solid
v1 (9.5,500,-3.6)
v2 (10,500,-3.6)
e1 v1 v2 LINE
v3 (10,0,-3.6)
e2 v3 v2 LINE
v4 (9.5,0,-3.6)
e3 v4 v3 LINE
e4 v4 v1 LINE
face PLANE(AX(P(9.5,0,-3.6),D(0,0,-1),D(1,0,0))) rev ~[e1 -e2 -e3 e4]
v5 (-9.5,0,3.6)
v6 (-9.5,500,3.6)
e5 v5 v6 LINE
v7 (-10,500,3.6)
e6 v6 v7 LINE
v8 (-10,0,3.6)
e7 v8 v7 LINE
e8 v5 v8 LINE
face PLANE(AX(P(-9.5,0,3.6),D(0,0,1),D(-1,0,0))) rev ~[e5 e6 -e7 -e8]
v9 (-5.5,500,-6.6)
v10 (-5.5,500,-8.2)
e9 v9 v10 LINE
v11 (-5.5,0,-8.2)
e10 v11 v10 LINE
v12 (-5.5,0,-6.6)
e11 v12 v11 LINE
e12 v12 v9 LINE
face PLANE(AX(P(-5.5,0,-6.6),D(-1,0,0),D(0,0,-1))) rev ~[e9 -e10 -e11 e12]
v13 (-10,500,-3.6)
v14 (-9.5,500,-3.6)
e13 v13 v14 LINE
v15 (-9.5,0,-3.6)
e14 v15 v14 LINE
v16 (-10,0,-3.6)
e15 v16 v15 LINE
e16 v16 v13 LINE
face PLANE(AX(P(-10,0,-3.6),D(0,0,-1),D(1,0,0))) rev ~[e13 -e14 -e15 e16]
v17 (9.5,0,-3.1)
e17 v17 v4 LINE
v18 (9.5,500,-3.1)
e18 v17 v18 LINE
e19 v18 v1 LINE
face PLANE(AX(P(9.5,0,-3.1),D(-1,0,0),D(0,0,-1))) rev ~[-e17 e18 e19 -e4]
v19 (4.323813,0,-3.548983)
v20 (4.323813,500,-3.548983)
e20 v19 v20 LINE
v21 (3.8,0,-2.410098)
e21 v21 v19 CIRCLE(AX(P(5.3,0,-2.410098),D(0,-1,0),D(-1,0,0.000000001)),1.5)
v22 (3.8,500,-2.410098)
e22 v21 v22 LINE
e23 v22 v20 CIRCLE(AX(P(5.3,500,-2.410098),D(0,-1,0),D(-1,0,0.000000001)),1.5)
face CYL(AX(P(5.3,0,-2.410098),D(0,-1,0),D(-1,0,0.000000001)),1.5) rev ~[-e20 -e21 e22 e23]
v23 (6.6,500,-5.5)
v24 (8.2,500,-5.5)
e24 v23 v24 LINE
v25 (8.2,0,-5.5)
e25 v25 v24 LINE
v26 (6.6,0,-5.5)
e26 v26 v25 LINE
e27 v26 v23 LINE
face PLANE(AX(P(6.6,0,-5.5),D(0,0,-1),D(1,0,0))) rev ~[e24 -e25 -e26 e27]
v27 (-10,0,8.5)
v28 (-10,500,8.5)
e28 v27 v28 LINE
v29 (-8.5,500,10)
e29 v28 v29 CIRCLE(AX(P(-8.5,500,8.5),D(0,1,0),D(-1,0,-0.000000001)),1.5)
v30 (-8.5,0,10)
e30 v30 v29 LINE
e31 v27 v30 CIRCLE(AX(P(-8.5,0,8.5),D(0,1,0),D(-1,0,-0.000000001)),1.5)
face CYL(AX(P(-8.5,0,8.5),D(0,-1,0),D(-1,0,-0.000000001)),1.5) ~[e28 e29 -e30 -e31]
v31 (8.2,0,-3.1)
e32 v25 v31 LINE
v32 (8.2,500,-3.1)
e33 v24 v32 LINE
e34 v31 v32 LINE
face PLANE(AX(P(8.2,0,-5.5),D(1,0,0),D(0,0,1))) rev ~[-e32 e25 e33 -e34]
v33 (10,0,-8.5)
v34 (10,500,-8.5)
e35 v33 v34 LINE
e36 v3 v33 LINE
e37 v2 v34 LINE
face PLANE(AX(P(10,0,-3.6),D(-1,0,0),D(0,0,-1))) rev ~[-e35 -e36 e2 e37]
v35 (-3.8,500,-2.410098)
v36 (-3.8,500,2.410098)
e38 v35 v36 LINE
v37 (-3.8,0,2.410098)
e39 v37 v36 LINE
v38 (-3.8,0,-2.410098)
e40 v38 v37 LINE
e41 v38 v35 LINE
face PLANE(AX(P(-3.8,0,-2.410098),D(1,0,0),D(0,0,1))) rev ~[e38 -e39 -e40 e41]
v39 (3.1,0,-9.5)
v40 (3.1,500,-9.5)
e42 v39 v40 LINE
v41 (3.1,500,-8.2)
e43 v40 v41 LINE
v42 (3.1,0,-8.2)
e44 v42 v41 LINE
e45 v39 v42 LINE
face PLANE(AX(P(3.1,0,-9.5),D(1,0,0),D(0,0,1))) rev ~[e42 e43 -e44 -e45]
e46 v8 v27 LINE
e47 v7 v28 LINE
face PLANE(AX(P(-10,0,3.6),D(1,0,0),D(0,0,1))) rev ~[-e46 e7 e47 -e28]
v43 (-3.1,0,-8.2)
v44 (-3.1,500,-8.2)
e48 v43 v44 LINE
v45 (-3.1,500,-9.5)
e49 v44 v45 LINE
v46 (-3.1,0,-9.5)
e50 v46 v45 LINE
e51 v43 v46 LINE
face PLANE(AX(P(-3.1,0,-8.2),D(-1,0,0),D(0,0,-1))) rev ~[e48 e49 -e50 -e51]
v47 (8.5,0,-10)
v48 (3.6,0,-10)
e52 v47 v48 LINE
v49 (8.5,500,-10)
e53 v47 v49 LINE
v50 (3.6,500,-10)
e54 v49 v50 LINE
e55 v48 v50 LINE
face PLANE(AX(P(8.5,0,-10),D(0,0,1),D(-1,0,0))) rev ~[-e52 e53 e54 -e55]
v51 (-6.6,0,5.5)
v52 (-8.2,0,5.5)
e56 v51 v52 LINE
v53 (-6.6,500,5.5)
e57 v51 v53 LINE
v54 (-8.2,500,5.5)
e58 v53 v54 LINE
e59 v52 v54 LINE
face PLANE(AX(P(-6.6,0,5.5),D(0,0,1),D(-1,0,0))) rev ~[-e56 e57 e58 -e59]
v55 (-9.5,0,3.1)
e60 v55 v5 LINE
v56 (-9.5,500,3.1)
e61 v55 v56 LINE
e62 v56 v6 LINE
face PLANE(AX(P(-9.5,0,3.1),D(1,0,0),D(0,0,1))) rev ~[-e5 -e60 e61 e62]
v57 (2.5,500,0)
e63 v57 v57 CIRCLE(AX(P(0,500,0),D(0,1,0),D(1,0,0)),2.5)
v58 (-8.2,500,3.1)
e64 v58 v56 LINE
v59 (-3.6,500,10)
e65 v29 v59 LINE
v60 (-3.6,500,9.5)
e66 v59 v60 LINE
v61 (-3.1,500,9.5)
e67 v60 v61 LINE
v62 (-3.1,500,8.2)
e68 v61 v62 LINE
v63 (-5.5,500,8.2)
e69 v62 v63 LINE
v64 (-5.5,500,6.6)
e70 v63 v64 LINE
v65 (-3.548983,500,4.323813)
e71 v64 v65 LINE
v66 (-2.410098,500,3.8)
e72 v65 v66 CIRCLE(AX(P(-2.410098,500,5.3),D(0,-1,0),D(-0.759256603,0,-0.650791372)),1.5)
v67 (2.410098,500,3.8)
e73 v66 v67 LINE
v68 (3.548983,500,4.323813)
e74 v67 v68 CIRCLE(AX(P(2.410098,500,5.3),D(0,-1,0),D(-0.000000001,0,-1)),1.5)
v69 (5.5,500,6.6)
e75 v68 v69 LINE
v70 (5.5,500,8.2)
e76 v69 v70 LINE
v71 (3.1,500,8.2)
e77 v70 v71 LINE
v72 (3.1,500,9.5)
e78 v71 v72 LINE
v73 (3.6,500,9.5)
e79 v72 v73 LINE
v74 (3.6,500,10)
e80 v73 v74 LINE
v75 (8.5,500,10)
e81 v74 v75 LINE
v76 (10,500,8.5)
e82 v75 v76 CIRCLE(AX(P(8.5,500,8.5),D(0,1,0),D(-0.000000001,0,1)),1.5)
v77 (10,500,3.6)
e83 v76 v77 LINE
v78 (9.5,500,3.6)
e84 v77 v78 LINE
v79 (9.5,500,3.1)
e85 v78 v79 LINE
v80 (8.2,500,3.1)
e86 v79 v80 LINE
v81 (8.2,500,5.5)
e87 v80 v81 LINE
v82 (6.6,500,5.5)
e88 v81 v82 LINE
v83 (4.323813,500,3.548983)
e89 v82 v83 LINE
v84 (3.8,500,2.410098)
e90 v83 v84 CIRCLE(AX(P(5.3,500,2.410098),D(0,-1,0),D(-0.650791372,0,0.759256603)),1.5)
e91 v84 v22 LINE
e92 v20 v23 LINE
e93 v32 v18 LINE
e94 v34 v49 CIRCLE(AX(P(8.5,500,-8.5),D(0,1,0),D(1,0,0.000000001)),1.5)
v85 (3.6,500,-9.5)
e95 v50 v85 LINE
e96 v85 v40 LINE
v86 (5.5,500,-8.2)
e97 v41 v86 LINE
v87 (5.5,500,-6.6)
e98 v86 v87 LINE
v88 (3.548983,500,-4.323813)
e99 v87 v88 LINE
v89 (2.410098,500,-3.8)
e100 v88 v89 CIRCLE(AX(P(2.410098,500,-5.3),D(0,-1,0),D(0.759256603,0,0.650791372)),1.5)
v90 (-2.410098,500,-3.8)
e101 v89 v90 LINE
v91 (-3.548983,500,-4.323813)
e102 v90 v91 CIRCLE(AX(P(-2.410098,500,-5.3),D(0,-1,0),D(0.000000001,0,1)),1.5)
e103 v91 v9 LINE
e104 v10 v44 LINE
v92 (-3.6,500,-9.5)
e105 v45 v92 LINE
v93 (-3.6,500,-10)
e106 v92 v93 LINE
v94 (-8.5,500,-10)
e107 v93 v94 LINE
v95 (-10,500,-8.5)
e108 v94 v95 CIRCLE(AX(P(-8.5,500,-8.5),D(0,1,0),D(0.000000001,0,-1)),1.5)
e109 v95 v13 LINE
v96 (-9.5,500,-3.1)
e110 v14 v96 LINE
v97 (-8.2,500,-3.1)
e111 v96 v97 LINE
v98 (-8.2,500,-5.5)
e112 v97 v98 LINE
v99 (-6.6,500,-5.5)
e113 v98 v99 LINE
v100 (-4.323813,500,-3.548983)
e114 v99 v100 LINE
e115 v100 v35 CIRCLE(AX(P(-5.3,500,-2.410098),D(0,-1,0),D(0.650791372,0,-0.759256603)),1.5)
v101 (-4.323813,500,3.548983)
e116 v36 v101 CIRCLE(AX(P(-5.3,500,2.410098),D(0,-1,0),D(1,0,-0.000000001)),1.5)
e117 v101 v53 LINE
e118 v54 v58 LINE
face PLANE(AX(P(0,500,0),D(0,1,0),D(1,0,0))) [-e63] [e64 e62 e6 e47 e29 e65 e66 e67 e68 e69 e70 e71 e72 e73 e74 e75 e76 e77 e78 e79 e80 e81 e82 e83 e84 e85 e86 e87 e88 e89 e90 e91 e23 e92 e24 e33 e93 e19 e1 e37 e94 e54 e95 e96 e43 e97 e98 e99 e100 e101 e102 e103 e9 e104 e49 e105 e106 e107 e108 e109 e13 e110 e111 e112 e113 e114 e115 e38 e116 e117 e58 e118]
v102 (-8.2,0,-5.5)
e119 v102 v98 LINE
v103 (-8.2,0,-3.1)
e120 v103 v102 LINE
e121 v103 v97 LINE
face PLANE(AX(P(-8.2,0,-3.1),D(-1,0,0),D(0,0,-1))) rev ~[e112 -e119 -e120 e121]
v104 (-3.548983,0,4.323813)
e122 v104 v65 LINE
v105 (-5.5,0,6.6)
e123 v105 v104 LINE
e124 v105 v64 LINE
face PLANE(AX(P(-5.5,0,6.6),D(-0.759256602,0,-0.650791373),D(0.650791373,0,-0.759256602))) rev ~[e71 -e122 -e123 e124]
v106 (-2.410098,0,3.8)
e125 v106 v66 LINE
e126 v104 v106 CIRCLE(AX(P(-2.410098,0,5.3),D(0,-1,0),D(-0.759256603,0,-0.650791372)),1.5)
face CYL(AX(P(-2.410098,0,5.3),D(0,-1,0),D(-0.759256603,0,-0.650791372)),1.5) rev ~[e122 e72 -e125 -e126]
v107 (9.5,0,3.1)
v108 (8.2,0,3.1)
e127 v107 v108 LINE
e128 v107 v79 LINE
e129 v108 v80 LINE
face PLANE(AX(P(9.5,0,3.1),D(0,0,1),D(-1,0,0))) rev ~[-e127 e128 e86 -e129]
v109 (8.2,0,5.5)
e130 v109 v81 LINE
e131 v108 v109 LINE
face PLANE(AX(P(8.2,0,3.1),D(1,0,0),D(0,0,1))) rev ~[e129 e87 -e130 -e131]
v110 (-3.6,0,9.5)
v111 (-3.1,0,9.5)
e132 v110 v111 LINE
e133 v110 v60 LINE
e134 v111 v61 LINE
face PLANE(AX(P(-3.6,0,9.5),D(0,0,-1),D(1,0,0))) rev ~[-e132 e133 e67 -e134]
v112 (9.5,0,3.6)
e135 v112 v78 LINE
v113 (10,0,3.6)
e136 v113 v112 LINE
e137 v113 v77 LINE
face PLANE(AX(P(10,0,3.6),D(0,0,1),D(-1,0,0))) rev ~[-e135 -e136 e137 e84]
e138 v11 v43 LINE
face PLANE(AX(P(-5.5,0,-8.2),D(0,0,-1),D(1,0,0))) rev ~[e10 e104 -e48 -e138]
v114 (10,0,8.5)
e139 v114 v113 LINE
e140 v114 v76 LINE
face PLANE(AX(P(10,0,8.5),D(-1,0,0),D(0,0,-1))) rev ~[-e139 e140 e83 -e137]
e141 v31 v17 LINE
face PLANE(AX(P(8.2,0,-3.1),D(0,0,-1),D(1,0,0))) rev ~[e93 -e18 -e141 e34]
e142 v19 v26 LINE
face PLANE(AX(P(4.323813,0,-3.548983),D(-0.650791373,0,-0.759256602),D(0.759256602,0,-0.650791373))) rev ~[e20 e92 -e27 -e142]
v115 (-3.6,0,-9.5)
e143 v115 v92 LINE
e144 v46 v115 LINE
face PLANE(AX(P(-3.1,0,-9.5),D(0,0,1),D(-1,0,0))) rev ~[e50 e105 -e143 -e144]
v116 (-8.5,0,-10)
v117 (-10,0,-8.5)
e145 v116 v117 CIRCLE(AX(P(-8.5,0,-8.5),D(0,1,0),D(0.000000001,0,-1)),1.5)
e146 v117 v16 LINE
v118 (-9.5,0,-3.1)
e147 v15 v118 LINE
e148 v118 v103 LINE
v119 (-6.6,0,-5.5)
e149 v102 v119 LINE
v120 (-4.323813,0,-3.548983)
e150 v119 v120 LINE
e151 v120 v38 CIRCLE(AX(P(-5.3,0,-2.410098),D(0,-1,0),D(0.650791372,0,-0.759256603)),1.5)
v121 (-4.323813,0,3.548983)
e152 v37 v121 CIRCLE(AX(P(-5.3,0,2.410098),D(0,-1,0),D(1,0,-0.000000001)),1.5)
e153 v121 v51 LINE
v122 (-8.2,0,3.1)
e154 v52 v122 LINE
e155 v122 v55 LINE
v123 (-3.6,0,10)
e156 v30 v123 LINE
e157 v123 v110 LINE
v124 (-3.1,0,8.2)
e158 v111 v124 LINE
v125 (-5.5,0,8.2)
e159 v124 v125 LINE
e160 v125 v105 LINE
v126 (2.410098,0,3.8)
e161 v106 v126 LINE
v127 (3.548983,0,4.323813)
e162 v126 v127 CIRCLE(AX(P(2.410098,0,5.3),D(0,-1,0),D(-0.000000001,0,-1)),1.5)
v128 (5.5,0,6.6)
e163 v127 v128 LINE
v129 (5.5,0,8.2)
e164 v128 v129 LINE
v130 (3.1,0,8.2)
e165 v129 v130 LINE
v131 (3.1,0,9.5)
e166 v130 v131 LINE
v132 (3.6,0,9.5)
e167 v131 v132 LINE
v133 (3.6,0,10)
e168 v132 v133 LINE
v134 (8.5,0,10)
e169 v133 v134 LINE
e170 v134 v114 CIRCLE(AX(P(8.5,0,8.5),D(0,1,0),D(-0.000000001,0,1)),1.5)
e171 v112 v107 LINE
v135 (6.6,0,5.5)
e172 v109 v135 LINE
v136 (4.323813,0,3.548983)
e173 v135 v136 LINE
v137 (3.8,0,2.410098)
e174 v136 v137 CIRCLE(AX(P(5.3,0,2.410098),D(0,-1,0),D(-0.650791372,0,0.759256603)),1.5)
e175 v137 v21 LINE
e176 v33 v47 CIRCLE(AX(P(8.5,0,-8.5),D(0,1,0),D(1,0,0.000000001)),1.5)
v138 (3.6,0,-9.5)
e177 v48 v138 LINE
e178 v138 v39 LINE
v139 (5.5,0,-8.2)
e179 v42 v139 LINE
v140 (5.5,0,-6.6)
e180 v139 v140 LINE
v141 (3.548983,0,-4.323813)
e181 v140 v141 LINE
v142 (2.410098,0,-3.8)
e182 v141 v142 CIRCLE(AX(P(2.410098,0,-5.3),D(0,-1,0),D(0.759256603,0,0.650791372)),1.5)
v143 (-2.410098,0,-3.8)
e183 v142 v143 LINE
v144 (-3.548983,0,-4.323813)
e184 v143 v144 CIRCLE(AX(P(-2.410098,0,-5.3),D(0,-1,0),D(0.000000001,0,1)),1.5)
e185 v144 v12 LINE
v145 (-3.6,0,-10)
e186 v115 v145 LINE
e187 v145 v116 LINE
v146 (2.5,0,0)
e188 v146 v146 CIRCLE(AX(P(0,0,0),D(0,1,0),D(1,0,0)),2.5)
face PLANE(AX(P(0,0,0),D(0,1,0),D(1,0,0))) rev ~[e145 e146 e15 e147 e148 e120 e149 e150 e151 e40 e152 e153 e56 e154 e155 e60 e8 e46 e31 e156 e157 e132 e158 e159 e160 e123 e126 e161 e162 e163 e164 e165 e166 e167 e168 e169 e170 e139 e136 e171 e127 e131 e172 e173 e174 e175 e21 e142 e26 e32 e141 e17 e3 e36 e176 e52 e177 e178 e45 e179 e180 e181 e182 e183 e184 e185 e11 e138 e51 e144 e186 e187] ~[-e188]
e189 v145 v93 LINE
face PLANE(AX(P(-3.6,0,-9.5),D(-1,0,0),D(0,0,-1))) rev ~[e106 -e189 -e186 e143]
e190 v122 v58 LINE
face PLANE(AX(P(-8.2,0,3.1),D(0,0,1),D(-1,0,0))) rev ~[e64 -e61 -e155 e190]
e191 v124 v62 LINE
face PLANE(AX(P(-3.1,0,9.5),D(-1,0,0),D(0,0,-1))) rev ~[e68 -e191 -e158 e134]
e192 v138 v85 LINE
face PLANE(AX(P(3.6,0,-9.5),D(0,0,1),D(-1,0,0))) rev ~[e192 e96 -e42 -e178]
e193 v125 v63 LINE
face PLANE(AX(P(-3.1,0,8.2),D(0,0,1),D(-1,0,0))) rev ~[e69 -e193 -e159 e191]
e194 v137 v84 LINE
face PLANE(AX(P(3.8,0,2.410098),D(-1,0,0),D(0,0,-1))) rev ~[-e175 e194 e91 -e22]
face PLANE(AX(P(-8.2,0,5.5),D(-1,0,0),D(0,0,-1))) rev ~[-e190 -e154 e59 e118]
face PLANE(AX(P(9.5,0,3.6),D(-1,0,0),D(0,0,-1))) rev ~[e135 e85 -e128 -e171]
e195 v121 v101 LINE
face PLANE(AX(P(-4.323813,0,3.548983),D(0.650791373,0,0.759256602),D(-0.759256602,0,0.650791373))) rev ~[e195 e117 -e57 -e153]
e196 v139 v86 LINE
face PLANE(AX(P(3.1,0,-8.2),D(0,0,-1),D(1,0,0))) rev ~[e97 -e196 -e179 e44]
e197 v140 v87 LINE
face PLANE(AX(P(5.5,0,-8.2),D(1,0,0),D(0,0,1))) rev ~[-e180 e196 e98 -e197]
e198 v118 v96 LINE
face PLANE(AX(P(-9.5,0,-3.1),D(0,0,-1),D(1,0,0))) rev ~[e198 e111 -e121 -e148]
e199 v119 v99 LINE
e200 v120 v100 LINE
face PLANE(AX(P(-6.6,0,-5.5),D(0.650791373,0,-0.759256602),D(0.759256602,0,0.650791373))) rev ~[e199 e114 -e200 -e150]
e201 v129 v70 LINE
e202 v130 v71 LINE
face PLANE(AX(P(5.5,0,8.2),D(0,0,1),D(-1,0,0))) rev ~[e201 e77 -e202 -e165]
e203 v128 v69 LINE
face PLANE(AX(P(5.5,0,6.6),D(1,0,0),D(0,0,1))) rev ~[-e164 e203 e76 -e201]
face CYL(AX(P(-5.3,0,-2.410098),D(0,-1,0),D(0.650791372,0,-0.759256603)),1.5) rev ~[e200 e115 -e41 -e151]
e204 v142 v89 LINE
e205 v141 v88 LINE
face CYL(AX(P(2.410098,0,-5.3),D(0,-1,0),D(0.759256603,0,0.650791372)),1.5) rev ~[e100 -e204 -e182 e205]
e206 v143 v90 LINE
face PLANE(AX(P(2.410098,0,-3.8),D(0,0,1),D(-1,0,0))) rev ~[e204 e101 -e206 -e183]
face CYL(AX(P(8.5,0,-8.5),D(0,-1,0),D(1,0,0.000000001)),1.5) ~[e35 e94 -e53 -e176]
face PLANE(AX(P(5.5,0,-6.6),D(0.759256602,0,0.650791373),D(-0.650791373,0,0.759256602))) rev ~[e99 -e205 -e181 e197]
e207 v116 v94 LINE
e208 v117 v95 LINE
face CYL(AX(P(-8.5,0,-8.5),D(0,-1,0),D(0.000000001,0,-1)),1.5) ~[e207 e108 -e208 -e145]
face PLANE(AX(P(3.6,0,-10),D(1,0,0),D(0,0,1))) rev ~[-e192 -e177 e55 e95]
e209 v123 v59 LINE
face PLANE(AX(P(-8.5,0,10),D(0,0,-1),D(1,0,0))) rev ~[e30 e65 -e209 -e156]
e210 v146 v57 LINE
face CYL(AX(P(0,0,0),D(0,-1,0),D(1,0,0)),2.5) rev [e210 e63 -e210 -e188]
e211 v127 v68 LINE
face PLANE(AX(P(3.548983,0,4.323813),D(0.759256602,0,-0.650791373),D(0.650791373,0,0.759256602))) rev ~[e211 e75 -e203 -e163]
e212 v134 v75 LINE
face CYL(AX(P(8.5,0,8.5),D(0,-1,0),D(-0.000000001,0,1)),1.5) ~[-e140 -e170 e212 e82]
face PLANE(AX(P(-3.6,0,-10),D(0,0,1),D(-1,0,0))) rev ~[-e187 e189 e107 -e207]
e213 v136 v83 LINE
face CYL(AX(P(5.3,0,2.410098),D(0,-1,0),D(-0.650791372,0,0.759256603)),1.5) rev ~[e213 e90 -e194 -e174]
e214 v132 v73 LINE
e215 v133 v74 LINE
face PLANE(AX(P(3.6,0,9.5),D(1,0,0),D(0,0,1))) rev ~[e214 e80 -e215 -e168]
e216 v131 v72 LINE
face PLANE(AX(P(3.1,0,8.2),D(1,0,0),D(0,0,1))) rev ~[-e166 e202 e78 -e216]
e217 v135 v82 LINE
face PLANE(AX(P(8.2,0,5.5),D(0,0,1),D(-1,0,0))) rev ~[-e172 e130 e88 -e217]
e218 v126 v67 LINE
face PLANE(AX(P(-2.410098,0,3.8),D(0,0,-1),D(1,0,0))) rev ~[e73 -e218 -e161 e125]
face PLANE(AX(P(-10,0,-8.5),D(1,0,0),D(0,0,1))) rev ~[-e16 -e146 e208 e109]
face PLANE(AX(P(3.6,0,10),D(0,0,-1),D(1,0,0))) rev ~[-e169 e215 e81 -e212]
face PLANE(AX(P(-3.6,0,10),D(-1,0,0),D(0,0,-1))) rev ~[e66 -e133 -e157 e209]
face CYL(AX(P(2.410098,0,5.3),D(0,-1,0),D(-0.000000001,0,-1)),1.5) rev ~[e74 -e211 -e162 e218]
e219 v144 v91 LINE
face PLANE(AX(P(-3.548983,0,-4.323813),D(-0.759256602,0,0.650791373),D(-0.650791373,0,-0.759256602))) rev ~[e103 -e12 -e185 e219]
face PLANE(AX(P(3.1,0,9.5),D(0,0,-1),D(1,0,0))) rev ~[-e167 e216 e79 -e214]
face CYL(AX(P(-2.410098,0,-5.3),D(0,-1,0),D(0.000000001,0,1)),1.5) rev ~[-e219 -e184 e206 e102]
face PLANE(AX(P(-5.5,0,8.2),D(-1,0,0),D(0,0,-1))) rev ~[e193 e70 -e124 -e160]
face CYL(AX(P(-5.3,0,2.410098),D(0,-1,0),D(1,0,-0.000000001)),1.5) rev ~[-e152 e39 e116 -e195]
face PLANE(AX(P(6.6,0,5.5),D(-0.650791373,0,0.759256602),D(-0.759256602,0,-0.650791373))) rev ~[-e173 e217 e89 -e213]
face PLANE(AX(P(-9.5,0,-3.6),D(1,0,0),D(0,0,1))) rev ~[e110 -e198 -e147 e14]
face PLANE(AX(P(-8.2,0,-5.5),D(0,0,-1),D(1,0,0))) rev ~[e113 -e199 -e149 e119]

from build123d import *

# Parameters (mm, degrees)
SKETCH1_R           = 2.5
BOSS_EXTRUDE1_DEPTH = 500


with BuildPart() as part:
    # Sketch1 → Boss-Extrude1 (new body)
    with BuildSketch(Plane(origin=(0, 0, 0), x_dir=(1, 0, 0), z_dir=(0, 1, 0))):
        with BuildLine():
            ThreePointArc((-10, -8.5), (-9.560660172, -9.560660172), (-8.5, -10))
            Line((-8.5, -10), (-3.6, -10))
            Line((-3.6, -10), (-3.6, -9.5))
            Line((-3.6, -9.5), (-3.1, -9.5))
            Line((-3.1, -9.5), (-3.1, -8.2))
            Line((-3.1, -8.2), (-5.5, -8.2))
            Line((-5.5, -8.2), (-5.5, -6.6))
            Line((-5.5, -6.6), (-3.54898252, -4.32381294))
            ThreePointArc((-3.54898252, -4.32381294), (-3.036882831, -3.937230652), (-2.410097616, -3.8))
            Line((-2.410097616, -3.8), (2.410097616, -3.8))
            ThreePointArc((2.410097616, -3.8), (3.036882831, -3.937230652), (3.54898252, -4.32381294))
            Line((3.54898252, -4.32381294), (5.5, -6.6))
            Line((5.5, -6.6), (5.5, -8.2))
            Line((5.5, -8.2), (3.1, -8.2))
            Line((3.1, -8.2), (3.1, -9.5))
            Line((3.1, -9.5), (3.6, -9.5))
            Line((3.6, -9.5), (3.6, -10))
            Line((3.6, -10), (8.5, -10))
            ThreePointArc((8.5, -10), (9.560660172, -9.560660172), (10, -8.5))
            Line((10, -8.5), (10, -3.6))
            Line((10, -3.6), (9.5, -3.6))
            Line((9.5, -3.6), (9.5, -3.1))
            Line((9.5, -3.1), (8.2, -3.1))
            Line((8.2, -3.1), (8.2, -5.5))
            Line((8.2, -5.5), (6.6, -5.5))
            Line((6.6, -5.5), (4.32381294, -3.54898252))
            ThreePointArc((4.32381294, -3.54898252), (3.937230652, -3.036882831), (3.8, -2.410097616))
            Line((3.8, -2.410097616), (3.8, 2.410097616))
            ThreePointArc((3.8, 2.410097616), (3.937230652, 3.036882831), (4.32381294, 3.54898252))
            Line((4.32381294, 3.54898252), (6.6, 5.5))
            Line((6.6, 5.5), (8.2, 5.5))
            Line((8.2, 5.5), (8.2, 3.1))
            Line((8.2, 3.1), (9.5, 3.1))
            Line((9.5, 3.1), (9.5, 3.6))
            Line((9.5, 3.6), (10, 3.6))
            Line((10, 3.6), (10, 8.5))
            ThreePointArc((10, 8.5), (9.560660172, 9.560660172), (8.5, 10))
            Line((8.5, 10), (3.6, 10))
            Line((3.6, 10), (3.6, 9.5))
            Line((3.6, 9.5), (3.1, 9.5))
            Line((3.1, 9.5), (3.1, 8.2))
            Line((3.1, 8.2), (5.5, 8.2))
            Line((5.5, 8.2), (5.5, 6.6))
            Line((5.5, 6.6), (3.54898252, 4.32381294))
            ThreePointArc((3.54898252, 4.32381294), (3.036882831, 3.937230652), (2.410097616, 3.8))
            Line((2.410097616, 3.8), (-2.410097616, 3.8))
            ThreePointArc((-2.410097616, 3.8), (-3.036882831, 3.937230652), (-3.54898252, 4.32381294))
            Line((-3.54898252, 4.32381294), (-5.5, 6.6))
            Line((-5.5, 6.6), (-5.5, 8.2))
            Line((-5.5, 8.2), (-3.1, 8.2))
            Line((-3.1, 8.2), (-3.1, 9.5))
            Line((-3.1, 9.5), (-3.6, 9.5))
            Line((-3.6, 9.5), (-3.6, 10))
            Line((-3.6, 10), (-8.5, 10))
            ThreePointArc((-8.5, 10), (-9.560660172, 9.560660172), (-10, 8.5))
            Line((-10, 8.5), (-10, 3.6))
            Line((-10, 3.6), (-9.5, 3.6))
            Line((-9.5, 3.6), (-9.5, 3.1))
            Line((-9.5, 3.1), (-8.2, 3.1))
            Line((-8.2, 3.1), (-8.2, 5.5))
            Line((-8.2, 5.5), (-6.6, 5.5))
            Line((-6.6, 5.5), (-4.32381294, 3.54898252))
            ThreePointArc((-4.32381294, 3.54898252), (-3.937230652, 3.036882831), (-3.8, 2.410097616))
            Line((-3.8, 2.410097616), (-3.8, -2.410097616))
            ThreePointArc((-3.8, -2.410097616), (-3.937230652, -3.036882831), (-4.32381294, -3.54898252))
            Line((-4.32381294, -3.54898252), (-6.6, -5.5))
            Line((-6.6, -5.5), (-8.2, -5.5))
            Line((-8.2, -5.5), (-8.2, -3.1))
            Line((-8.2, -3.1), (-9.5, -3.1))
            Line((-9.5, -3.1), (-9.5, -3.6))
            Line((-9.5, -3.6), (-10, -3.6))
            Line((-10, -3.6), (-10, -8.5))
        make_face()
        Circle(SKETCH1_R, mode=Mode.SUBTRACT)
    extrude(amount=BOSS_EXTRUDE1_DEPTH)


solid = part.part
